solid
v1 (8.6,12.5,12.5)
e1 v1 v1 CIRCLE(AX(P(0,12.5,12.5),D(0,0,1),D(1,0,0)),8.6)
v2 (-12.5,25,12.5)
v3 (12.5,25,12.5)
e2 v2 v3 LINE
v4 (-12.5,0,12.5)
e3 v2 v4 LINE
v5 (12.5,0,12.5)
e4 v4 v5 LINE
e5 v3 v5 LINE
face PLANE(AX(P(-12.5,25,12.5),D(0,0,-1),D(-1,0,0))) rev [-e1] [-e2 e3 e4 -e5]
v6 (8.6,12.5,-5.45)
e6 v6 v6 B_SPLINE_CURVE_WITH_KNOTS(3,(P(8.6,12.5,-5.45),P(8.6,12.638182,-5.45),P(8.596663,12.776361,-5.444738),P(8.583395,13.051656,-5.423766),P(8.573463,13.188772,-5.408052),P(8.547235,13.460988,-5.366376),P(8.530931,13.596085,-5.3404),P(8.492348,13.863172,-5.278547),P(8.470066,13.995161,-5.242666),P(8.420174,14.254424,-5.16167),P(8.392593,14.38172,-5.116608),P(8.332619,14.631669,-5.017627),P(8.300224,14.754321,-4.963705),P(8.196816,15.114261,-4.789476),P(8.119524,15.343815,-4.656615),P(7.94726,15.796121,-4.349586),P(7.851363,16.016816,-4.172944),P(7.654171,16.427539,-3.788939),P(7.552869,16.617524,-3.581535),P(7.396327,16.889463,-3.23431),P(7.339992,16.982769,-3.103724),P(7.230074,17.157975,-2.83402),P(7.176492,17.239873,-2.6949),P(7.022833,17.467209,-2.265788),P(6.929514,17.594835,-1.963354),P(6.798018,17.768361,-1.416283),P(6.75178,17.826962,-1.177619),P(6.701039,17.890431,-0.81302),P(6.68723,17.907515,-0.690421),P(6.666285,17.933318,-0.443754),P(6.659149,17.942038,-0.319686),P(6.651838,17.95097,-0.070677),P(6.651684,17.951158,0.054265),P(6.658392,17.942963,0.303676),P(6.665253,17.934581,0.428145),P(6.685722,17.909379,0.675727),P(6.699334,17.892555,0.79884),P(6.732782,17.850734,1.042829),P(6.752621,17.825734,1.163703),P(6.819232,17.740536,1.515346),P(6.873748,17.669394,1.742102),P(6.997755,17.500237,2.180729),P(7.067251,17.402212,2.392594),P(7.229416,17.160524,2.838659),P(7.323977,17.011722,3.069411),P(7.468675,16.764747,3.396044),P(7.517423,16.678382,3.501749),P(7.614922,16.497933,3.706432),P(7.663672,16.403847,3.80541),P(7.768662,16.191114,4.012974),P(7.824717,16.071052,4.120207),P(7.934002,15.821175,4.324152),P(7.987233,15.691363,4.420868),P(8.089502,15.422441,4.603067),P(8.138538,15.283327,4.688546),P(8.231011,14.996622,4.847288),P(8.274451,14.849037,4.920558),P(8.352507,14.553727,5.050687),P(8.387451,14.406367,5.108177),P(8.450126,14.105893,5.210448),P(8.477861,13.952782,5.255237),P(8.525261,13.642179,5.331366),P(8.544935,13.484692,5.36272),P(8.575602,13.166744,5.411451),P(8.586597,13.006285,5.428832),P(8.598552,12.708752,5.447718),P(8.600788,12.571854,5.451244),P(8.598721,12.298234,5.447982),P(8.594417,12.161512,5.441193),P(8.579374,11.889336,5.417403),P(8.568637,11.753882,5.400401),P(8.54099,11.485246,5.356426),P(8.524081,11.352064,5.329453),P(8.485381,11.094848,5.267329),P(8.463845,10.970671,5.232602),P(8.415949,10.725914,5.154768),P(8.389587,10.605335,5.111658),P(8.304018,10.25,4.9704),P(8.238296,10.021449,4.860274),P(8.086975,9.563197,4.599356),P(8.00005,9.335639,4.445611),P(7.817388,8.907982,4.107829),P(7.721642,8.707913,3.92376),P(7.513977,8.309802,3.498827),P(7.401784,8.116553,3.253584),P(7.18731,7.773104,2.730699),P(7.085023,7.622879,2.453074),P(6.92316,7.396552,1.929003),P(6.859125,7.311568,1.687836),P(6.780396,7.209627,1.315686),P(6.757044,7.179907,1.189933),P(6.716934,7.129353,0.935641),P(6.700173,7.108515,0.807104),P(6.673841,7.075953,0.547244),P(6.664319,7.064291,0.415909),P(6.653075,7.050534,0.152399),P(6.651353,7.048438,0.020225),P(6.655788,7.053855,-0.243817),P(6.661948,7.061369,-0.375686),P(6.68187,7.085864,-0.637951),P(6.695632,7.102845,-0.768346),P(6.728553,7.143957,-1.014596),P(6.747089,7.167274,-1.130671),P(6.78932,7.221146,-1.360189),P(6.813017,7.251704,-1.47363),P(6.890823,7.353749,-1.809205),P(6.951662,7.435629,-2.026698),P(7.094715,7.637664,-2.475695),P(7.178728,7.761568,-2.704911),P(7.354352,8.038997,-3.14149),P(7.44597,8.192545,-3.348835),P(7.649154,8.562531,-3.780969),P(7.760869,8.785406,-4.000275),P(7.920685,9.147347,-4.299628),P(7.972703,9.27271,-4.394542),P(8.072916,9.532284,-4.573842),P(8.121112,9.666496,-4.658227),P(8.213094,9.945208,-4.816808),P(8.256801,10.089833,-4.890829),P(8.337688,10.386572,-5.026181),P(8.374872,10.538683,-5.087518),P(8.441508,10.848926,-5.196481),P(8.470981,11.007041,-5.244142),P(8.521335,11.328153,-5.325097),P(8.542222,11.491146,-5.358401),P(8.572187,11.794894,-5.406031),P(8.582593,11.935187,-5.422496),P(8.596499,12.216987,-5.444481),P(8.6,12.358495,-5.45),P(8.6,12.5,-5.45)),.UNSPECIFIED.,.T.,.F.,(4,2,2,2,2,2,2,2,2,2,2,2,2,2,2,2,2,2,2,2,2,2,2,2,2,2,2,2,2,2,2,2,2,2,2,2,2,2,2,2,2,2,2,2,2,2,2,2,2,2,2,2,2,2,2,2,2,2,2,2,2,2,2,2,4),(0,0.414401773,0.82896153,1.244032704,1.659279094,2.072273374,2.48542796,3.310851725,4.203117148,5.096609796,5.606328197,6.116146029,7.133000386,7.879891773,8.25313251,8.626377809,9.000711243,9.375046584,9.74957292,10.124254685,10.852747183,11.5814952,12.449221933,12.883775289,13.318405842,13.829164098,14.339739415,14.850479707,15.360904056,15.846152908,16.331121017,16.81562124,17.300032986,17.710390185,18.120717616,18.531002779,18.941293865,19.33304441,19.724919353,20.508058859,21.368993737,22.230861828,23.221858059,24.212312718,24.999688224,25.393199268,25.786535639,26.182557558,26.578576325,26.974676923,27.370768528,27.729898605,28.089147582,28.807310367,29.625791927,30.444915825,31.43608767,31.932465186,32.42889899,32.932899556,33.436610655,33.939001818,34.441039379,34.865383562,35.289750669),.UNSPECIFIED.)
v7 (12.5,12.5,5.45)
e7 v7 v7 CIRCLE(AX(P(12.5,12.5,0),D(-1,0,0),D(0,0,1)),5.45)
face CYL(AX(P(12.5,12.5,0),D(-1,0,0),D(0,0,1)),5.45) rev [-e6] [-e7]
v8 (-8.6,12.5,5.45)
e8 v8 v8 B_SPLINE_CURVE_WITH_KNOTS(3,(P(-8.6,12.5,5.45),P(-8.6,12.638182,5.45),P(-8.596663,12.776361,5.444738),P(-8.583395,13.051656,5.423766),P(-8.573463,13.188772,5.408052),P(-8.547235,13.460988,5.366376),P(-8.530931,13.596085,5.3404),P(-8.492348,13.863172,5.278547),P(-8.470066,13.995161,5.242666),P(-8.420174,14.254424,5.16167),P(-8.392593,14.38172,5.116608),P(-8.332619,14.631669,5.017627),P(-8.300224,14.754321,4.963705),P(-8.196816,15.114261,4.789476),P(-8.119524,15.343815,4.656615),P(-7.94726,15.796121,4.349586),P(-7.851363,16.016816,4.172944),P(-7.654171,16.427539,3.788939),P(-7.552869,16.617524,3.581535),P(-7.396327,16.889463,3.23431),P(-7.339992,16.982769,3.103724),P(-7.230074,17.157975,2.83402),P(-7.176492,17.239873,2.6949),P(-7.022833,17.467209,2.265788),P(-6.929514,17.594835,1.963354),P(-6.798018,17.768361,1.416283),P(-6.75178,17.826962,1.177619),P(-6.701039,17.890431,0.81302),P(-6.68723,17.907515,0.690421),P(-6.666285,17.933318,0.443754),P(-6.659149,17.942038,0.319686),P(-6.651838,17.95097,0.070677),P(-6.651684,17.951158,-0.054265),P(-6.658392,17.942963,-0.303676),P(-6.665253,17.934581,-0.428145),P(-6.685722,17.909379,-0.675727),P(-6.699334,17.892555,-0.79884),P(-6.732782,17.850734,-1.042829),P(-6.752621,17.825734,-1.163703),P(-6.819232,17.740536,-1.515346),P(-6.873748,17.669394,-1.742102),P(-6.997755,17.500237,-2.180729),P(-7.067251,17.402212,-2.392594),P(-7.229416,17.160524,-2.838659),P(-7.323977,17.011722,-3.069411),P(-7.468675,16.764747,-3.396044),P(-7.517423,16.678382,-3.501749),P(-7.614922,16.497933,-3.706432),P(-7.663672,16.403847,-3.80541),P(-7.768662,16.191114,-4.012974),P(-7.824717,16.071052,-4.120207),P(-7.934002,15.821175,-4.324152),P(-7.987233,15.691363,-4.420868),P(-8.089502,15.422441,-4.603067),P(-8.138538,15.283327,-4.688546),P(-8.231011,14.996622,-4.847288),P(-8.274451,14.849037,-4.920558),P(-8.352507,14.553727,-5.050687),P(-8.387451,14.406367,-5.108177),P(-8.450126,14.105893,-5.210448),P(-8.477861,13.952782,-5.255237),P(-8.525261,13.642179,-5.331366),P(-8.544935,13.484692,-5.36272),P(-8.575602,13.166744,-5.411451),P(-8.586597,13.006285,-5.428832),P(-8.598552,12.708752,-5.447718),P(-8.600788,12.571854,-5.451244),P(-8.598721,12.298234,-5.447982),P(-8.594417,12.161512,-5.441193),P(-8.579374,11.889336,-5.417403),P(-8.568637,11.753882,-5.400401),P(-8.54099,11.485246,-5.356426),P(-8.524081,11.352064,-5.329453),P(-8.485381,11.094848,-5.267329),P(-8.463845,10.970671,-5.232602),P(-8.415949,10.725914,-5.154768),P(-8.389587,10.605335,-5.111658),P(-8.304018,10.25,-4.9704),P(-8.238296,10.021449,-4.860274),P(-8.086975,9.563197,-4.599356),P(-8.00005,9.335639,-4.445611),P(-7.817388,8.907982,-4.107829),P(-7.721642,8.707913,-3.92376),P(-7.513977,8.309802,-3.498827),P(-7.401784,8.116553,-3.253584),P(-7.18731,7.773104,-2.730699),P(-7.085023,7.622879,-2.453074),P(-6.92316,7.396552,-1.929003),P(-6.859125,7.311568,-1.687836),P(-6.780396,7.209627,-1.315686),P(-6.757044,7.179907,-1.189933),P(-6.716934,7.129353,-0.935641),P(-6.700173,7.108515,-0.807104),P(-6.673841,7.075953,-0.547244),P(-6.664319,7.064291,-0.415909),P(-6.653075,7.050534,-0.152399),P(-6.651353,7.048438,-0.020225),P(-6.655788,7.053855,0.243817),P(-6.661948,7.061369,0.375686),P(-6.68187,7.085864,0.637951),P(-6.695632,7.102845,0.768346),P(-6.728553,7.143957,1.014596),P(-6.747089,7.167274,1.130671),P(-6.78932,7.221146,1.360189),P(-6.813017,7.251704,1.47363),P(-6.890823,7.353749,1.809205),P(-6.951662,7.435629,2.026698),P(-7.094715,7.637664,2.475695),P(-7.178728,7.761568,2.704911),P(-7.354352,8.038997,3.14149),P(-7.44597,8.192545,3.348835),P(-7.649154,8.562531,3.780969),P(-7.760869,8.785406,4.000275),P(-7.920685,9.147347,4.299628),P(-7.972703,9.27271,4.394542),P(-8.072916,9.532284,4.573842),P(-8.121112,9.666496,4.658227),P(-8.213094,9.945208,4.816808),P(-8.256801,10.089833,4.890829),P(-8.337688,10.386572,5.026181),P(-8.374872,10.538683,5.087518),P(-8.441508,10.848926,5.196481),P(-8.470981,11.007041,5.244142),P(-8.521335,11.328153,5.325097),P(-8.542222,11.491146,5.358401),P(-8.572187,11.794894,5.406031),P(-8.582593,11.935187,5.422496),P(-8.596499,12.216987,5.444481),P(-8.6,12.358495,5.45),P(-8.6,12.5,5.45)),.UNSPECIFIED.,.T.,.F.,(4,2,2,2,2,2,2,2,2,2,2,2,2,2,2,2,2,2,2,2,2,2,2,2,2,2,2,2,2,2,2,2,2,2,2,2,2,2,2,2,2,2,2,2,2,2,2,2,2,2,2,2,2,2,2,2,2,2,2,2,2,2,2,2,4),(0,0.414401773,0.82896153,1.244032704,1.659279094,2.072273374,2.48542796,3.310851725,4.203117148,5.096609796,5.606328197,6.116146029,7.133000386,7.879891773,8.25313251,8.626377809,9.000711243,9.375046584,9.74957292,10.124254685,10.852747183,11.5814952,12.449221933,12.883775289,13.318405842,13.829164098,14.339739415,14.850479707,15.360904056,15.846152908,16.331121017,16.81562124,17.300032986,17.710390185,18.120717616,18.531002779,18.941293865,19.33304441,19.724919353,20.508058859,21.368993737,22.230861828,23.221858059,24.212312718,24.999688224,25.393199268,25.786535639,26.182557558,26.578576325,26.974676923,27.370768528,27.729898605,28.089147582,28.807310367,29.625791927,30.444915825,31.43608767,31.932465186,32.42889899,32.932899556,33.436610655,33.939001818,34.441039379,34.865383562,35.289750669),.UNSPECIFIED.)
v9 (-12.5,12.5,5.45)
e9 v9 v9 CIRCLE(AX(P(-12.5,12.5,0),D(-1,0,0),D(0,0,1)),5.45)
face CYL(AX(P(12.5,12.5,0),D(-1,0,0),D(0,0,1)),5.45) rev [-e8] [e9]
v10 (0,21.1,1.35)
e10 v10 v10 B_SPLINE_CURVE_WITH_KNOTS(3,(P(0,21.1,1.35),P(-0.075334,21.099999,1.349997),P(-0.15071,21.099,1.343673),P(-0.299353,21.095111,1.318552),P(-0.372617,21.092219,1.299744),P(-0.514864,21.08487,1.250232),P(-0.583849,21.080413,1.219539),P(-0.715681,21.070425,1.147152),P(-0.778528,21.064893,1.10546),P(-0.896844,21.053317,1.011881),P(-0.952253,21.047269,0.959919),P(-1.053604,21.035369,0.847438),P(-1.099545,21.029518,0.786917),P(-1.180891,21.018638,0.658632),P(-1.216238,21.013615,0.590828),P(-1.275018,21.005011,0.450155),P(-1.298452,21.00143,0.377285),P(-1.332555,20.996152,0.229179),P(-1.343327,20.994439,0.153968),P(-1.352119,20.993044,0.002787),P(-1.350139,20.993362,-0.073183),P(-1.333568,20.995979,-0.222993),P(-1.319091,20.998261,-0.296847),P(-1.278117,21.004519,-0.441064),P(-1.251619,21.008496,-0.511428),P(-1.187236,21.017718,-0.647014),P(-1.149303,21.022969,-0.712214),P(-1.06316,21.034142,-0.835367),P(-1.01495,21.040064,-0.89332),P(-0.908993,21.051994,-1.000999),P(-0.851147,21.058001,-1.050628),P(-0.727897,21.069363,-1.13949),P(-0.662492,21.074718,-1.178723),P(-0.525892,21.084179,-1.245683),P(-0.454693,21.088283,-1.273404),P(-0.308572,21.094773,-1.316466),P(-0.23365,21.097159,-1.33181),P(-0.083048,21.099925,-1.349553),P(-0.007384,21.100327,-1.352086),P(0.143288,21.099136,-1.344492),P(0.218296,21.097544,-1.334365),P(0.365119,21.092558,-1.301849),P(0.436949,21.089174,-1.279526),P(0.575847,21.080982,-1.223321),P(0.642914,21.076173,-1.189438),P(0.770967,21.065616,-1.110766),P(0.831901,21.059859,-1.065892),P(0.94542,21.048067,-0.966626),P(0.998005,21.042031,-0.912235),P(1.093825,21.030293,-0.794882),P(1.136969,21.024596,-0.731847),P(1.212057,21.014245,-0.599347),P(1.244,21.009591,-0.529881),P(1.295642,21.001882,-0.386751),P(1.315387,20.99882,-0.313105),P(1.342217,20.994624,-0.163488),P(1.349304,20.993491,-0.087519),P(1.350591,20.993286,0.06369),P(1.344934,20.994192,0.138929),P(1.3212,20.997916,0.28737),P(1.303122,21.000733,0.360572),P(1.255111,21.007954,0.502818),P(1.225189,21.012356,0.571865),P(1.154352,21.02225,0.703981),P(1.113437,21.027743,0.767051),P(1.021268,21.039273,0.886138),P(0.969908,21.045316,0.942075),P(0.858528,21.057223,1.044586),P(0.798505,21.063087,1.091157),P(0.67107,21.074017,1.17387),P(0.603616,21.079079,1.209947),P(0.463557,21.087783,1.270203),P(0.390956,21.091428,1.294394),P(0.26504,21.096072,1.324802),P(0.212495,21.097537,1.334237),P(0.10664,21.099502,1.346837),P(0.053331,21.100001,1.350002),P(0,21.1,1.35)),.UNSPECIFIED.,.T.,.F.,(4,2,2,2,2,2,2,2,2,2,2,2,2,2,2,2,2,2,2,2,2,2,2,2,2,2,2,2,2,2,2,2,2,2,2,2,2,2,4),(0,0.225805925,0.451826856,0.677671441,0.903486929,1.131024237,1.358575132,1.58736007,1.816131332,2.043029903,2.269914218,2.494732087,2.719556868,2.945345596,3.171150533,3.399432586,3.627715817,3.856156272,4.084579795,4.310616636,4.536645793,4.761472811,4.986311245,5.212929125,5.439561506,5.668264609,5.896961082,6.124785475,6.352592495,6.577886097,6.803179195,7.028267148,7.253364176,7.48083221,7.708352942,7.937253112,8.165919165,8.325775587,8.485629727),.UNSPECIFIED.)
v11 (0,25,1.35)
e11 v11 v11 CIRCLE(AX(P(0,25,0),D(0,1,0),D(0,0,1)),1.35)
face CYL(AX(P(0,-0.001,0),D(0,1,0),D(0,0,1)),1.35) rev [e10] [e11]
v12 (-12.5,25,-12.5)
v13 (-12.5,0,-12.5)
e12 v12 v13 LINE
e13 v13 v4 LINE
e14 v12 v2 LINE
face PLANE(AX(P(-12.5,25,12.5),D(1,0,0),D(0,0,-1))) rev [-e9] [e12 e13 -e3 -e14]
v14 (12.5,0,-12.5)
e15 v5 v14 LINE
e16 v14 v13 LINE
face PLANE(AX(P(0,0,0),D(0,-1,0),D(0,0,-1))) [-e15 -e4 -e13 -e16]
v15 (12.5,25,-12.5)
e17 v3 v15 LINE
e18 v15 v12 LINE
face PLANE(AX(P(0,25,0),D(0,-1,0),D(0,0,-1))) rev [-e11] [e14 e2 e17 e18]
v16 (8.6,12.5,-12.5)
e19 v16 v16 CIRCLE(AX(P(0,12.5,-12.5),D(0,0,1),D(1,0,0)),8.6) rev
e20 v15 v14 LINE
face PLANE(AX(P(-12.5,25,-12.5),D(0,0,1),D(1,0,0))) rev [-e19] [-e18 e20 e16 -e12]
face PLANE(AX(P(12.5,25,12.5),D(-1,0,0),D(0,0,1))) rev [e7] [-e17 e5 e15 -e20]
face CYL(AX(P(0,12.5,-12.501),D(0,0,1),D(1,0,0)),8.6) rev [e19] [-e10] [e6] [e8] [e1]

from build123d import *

# Parameters (mm, degrees)
SKETCH3_W           = 25
SKETCH3_H           = 25
BOSS_EXTRUDE1_DEPTH = 25
CUT_EXTRUDE1_REACH  = 27
SKETCH4_R           = 8.6
CUT_EXTRUDE2_REACH  = 27
SKETCH5_R           = 1.35
SKETCH6_R           = 5.45
CUT_EXTRUDE3_DEPTH  = 26


with BuildPart() as part:
    # Sketch3 → Boss-Extrude1 (new body)
    with BuildSketch(Plane(origin=(0, 0, 0), x_dir=(1, 0, 0), z_dir=(0, 1, 0))):
        Rectangle(SKETCH3_W, SKETCH3_H)
    extrude(amount=BOSS_EXTRUDE1_DEPTH)

    # Sketch4 → Cut-Extrude1 (cut, up to next)
    with BuildSketch(Plane.XY.offset(12.5), mode=Mode.PRIVATE) as cut_extrude1_sk1:
        with Locations((0, 12.5)):
            Circle(SKETCH4_R)
    cut_extrude1_tool1 = extrude(cut_extrude1_sk1.sketch, amount=-CUT_EXTRUDE1_REACH, mode=Mode.PRIVATE) & part.part
    add(cut_extrude1_tool1.solids().sort_by_distance((0, 12.5, 12.5))[0], mode=Mode.SUBTRACT)

    # Sketch5 → Cut-Extrude2 (cut, up to next)
    with BuildSketch(Plane(origin=(0, 25, 0), x_dir=(1, 0, 0), z_dir=(0, 1, 0)), mode=Mode.PRIVATE) as cut_extrude2_sk1:
        Circle(SKETCH5_R)
    cut_extrude2_tool1 = extrude(cut_extrude2_sk1.sketch, amount=-CUT_EXTRUDE2_REACH, mode=Mode.PRIVATE) & part.part
    add(cut_extrude2_tool1.solids().sort_by_distance((0, 25, 0))[0], mode=Mode.SUBTRACT)

    # Sketch6 → Cut-Extrude3 (cut, through all)
    with BuildSketch(Plane.ZY.offset(12.5)):
        with Locations((0, 12.5)):
            Circle(SKETCH6_R)
    extrude(amount=-CUT_EXTRUDE3_DEPTH, mode=Mode.SUBTRACT)


solid = part.part
